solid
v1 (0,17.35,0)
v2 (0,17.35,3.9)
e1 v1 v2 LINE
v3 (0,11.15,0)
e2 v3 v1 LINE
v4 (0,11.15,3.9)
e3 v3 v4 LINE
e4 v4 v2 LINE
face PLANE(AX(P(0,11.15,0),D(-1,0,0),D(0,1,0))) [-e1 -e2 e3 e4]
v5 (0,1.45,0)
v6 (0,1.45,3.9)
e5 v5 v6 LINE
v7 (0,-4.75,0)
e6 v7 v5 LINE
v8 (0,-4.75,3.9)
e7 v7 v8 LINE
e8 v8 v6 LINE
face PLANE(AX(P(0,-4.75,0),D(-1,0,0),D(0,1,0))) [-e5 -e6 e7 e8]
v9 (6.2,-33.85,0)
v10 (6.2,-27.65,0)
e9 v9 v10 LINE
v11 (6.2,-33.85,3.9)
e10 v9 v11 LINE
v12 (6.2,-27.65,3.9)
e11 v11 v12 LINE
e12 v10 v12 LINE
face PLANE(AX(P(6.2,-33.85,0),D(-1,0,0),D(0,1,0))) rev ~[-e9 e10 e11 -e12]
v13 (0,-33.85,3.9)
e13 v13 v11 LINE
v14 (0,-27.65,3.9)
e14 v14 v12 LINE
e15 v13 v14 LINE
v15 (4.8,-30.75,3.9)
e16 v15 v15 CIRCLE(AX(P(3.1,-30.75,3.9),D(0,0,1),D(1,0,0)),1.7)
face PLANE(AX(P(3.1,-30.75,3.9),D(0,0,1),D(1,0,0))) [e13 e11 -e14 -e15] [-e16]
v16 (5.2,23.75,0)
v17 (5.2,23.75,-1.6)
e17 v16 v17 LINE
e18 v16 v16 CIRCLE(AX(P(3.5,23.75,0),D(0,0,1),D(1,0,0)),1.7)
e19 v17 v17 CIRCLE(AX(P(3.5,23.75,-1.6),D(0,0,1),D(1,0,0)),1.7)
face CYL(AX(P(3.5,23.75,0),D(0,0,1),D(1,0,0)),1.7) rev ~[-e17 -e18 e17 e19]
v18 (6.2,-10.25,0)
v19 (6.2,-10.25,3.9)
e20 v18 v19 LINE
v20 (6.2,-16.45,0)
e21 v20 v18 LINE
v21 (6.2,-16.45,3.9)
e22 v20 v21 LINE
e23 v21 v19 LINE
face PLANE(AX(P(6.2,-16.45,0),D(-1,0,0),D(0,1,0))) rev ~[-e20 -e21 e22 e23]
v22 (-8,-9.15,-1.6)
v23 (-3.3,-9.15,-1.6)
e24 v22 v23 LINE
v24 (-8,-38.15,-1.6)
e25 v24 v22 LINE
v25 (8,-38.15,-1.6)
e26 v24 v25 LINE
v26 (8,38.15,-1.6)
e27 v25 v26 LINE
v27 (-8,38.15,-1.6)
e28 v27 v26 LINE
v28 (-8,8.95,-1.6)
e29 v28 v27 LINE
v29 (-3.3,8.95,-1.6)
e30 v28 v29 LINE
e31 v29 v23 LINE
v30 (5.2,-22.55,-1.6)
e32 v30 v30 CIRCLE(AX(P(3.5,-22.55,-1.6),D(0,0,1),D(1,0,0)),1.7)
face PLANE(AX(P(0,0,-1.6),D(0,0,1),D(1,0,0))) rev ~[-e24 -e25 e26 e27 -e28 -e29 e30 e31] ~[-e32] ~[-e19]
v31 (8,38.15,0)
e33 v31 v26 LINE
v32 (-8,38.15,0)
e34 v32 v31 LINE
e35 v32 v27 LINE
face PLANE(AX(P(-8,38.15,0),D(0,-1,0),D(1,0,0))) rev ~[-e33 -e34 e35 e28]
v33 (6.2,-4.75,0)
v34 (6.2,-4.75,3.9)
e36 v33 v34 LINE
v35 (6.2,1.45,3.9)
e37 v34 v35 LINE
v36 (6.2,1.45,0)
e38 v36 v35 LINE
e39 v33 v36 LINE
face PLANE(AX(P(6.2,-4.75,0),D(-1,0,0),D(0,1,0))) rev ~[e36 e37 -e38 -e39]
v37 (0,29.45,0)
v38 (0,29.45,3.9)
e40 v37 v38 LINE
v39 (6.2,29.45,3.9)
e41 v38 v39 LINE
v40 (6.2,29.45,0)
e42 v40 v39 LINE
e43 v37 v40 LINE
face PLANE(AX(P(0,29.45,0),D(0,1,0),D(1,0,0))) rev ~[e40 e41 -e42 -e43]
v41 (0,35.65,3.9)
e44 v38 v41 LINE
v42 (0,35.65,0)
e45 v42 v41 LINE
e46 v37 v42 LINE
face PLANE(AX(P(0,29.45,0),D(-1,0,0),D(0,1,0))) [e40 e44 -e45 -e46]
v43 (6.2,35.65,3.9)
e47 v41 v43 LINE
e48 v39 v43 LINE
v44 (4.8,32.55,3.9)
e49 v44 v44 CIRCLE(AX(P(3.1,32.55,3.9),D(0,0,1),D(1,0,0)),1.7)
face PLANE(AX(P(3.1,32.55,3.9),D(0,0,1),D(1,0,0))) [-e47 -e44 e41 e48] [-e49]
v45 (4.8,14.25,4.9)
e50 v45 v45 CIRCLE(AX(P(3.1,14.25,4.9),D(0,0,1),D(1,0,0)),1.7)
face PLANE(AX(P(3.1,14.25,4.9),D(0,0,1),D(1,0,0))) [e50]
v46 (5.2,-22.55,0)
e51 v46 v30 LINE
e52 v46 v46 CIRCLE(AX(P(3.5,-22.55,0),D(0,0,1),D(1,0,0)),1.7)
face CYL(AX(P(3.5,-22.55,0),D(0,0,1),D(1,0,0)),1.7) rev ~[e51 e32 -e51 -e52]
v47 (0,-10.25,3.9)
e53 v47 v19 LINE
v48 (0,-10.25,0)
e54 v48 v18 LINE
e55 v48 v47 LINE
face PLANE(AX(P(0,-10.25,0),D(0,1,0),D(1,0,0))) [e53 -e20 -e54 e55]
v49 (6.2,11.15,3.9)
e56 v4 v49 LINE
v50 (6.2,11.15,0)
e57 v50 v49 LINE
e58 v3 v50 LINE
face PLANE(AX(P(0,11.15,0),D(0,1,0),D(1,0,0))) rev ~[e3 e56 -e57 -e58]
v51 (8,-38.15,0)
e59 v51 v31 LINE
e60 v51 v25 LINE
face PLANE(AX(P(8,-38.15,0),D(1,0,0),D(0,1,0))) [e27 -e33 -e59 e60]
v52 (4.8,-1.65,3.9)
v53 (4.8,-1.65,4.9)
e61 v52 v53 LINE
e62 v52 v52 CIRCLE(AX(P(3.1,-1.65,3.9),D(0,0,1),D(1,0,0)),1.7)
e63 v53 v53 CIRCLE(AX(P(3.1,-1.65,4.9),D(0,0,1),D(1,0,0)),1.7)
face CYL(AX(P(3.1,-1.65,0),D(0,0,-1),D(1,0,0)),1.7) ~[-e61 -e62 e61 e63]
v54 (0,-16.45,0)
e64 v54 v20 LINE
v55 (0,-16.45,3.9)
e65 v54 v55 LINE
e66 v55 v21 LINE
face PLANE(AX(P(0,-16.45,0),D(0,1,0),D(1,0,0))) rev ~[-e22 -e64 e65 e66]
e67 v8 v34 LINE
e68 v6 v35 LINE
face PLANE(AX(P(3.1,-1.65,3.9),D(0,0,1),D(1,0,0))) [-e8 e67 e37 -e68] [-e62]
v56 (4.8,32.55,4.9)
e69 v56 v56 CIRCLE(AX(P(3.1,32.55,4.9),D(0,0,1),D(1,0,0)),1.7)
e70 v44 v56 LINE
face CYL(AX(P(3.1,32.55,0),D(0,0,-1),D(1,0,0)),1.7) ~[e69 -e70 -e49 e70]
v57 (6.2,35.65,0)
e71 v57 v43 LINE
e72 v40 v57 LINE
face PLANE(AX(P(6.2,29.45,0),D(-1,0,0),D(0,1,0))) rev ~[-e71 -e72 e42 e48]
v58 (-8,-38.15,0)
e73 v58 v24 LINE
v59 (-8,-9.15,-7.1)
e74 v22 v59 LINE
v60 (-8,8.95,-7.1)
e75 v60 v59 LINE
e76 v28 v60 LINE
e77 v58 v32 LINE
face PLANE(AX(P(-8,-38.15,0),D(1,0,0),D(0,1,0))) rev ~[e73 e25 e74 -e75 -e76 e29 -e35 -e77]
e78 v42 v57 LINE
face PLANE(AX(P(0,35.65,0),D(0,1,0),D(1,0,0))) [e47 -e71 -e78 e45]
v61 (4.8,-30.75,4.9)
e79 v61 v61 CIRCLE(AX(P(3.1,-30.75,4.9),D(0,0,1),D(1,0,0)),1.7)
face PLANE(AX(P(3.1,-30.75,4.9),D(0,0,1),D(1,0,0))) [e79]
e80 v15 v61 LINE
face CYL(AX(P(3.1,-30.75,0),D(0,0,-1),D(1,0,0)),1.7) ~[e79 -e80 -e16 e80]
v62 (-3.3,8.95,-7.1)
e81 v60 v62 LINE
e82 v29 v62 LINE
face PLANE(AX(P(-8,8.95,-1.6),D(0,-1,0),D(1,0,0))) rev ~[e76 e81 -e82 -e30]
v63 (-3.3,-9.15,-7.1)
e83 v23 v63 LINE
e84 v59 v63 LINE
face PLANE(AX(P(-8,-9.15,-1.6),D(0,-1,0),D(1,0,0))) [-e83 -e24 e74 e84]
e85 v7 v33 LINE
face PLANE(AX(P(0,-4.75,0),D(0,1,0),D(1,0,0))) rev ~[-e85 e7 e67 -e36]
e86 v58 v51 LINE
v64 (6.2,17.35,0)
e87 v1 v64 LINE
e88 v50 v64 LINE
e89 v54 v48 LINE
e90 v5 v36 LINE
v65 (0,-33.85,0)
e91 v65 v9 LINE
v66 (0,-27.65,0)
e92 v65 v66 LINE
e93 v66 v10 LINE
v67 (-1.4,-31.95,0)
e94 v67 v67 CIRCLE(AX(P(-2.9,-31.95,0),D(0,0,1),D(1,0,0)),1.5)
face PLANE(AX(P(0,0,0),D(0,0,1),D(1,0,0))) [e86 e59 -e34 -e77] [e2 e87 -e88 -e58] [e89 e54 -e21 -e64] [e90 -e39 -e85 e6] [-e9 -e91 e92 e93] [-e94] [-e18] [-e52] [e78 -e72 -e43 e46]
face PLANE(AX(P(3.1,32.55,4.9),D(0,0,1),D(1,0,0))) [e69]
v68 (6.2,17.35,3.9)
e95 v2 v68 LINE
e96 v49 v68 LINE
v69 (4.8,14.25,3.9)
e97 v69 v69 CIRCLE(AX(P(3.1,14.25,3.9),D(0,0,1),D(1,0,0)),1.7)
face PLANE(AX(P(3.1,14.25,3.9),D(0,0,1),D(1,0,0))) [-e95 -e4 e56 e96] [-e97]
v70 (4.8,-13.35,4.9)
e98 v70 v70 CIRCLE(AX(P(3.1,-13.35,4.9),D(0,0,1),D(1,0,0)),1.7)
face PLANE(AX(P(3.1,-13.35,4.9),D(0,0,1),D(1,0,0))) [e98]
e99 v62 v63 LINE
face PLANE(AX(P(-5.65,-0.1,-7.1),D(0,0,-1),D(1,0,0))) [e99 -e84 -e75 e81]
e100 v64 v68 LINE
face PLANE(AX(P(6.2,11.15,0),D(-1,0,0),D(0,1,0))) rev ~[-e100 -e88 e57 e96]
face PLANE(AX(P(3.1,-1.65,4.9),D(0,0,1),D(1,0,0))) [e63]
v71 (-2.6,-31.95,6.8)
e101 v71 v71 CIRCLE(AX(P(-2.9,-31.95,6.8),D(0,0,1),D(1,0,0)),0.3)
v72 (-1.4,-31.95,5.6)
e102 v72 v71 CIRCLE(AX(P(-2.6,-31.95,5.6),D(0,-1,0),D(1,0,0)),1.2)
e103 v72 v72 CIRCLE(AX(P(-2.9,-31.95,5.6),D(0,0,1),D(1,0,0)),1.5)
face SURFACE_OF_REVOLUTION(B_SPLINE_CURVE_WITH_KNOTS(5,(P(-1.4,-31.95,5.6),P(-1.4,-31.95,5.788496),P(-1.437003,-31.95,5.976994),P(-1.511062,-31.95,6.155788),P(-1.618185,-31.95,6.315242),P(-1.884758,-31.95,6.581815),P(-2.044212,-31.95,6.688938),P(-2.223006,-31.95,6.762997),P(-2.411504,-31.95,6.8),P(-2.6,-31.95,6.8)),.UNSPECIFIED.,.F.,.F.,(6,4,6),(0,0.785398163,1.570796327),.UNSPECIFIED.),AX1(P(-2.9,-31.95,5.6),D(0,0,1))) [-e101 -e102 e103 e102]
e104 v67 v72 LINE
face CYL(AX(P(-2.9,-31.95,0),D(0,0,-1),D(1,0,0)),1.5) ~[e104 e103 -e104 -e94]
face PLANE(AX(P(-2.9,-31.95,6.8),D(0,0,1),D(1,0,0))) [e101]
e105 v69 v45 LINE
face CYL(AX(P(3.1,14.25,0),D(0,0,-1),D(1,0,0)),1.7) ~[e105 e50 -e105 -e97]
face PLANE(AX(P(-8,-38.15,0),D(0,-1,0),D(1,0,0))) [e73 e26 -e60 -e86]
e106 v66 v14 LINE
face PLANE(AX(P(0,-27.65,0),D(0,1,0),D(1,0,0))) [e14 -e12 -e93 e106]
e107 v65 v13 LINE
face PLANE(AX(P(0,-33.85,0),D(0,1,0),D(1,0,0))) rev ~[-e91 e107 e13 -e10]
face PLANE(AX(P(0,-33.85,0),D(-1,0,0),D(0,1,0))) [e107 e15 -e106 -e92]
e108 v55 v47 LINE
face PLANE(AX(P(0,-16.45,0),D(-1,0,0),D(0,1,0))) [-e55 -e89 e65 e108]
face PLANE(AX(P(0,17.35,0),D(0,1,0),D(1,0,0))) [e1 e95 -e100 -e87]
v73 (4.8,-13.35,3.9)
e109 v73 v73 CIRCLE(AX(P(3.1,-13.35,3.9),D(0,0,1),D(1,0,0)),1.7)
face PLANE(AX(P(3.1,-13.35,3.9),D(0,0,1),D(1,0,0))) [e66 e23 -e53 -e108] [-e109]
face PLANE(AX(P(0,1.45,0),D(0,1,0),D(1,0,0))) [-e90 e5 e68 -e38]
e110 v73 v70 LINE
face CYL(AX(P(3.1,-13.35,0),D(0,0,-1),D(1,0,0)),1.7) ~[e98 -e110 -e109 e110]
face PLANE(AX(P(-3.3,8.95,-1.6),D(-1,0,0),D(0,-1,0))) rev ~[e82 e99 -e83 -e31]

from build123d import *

# Parameters (mm, degrees)
F0_W     = 16
F0_H     = 76.3
F0_R     = 1.7
F1_DEPTH = 1.6
F2_W     = 6.2
F2_H     = 6.2
F2_R     = 1.7
F3_DEPTH = 3.9
F4_DEPTH = 4.9
F2_R_2   = 1.5
F5_DEPTH = 6.8
F6_R     = 1.2
F7_W     = 4.7
F7_H     = 18.1
F8_DEPTH = 5.5


with BuildPart() as f1:
    # F0 (on Top) → F1 (new body)
    with BuildSketch(Plane.XY):
        Rectangle(F0_W, F0_H)
        with Locations((3.5, -22.55)):
            Circle(F0_R, mode=Mode.SUBTRACT)
        with Locations((3.5, 23.75)):
            Circle(F0_R, mode=Mode.SUBTRACT)
    extrude(amount=-F1_DEPTH)

    # F2 (on face) → F3 (join)
    with BuildSketch(Plane.XY):
        with Locations((3.1, -30.75)):
            Rectangle(F2_W, F2_H)
        with Locations((3.1, -30.75)):
            Circle(F2_R, mode=Mode.SUBTRACT)
        with Locations((3.1, -13.35)):
            Rectangle(F2_W, F2_H)
        with Locations((3.1, -13.35)):
            Circle(F2_R, mode=Mode.SUBTRACT)
        with Locations((3.1, -1.65)):
            Rectangle(F2_W, F2_H)
        with Locations((3.1, -1.65)):
            Circle(F2_R, mode=Mode.SUBTRACT)
        with Locations((3.1, 14.25)):
            Rectangle(F2_W, F2_H)
        with Locations((3.1, 14.25)):
            Circle(F2_R, mode=Mode.SUBTRACT)
        with Locations((3.1, 32.55)):
            Rectangle(F2_W, F2_H)
        with Locations((3.1, 32.55)):
            Circle(F2_R, mode=Mode.SUBTRACT)
    extrude(amount=F3_DEPTH)

    # F2 (on face) → F4 (join)
    with BuildSketch(Plane.XY):
        with Locations((3.1, 32.55)):
            Circle(F2_R)
        with Locations((3.1, 14.25)):
            Circle(F2_R)
        with Locations((3.1, -1.65)):
            Circle(F2_R)
        with Locations((3.1, -13.35)):
            Circle(F2_R)
        with Locations((3.1, -30.75)):
            Circle(F2_R)
    extrude(amount=F4_DEPTH)

    # F2 (on face) → F5 (join)
    with BuildSketch(Plane.XY):
        with Locations((-2.9, -31.95)):
            Circle(F2_R_2)
    extrude(amount=F5_DEPTH)

    # F6
    f6_edges = [f1.edges().sort_by_distance(p)[0] for p in [
        (-4.4, -31.95, 6.8),
    ]]
    fillet(f6_edges, radius=F6_R)

    # F7 (on face) → F8 (join)
    with BuildSketch(Plane(origin=(0, 0, -1.6), x_dir=(1, 0, 0), z_dir=(0, 0, -1))):
        with Locations((-5.65, 0.1)):
            Rectangle(F7_W, F7_H)
    extrude(amount=F8_DEPTH)


solid = f1.part
